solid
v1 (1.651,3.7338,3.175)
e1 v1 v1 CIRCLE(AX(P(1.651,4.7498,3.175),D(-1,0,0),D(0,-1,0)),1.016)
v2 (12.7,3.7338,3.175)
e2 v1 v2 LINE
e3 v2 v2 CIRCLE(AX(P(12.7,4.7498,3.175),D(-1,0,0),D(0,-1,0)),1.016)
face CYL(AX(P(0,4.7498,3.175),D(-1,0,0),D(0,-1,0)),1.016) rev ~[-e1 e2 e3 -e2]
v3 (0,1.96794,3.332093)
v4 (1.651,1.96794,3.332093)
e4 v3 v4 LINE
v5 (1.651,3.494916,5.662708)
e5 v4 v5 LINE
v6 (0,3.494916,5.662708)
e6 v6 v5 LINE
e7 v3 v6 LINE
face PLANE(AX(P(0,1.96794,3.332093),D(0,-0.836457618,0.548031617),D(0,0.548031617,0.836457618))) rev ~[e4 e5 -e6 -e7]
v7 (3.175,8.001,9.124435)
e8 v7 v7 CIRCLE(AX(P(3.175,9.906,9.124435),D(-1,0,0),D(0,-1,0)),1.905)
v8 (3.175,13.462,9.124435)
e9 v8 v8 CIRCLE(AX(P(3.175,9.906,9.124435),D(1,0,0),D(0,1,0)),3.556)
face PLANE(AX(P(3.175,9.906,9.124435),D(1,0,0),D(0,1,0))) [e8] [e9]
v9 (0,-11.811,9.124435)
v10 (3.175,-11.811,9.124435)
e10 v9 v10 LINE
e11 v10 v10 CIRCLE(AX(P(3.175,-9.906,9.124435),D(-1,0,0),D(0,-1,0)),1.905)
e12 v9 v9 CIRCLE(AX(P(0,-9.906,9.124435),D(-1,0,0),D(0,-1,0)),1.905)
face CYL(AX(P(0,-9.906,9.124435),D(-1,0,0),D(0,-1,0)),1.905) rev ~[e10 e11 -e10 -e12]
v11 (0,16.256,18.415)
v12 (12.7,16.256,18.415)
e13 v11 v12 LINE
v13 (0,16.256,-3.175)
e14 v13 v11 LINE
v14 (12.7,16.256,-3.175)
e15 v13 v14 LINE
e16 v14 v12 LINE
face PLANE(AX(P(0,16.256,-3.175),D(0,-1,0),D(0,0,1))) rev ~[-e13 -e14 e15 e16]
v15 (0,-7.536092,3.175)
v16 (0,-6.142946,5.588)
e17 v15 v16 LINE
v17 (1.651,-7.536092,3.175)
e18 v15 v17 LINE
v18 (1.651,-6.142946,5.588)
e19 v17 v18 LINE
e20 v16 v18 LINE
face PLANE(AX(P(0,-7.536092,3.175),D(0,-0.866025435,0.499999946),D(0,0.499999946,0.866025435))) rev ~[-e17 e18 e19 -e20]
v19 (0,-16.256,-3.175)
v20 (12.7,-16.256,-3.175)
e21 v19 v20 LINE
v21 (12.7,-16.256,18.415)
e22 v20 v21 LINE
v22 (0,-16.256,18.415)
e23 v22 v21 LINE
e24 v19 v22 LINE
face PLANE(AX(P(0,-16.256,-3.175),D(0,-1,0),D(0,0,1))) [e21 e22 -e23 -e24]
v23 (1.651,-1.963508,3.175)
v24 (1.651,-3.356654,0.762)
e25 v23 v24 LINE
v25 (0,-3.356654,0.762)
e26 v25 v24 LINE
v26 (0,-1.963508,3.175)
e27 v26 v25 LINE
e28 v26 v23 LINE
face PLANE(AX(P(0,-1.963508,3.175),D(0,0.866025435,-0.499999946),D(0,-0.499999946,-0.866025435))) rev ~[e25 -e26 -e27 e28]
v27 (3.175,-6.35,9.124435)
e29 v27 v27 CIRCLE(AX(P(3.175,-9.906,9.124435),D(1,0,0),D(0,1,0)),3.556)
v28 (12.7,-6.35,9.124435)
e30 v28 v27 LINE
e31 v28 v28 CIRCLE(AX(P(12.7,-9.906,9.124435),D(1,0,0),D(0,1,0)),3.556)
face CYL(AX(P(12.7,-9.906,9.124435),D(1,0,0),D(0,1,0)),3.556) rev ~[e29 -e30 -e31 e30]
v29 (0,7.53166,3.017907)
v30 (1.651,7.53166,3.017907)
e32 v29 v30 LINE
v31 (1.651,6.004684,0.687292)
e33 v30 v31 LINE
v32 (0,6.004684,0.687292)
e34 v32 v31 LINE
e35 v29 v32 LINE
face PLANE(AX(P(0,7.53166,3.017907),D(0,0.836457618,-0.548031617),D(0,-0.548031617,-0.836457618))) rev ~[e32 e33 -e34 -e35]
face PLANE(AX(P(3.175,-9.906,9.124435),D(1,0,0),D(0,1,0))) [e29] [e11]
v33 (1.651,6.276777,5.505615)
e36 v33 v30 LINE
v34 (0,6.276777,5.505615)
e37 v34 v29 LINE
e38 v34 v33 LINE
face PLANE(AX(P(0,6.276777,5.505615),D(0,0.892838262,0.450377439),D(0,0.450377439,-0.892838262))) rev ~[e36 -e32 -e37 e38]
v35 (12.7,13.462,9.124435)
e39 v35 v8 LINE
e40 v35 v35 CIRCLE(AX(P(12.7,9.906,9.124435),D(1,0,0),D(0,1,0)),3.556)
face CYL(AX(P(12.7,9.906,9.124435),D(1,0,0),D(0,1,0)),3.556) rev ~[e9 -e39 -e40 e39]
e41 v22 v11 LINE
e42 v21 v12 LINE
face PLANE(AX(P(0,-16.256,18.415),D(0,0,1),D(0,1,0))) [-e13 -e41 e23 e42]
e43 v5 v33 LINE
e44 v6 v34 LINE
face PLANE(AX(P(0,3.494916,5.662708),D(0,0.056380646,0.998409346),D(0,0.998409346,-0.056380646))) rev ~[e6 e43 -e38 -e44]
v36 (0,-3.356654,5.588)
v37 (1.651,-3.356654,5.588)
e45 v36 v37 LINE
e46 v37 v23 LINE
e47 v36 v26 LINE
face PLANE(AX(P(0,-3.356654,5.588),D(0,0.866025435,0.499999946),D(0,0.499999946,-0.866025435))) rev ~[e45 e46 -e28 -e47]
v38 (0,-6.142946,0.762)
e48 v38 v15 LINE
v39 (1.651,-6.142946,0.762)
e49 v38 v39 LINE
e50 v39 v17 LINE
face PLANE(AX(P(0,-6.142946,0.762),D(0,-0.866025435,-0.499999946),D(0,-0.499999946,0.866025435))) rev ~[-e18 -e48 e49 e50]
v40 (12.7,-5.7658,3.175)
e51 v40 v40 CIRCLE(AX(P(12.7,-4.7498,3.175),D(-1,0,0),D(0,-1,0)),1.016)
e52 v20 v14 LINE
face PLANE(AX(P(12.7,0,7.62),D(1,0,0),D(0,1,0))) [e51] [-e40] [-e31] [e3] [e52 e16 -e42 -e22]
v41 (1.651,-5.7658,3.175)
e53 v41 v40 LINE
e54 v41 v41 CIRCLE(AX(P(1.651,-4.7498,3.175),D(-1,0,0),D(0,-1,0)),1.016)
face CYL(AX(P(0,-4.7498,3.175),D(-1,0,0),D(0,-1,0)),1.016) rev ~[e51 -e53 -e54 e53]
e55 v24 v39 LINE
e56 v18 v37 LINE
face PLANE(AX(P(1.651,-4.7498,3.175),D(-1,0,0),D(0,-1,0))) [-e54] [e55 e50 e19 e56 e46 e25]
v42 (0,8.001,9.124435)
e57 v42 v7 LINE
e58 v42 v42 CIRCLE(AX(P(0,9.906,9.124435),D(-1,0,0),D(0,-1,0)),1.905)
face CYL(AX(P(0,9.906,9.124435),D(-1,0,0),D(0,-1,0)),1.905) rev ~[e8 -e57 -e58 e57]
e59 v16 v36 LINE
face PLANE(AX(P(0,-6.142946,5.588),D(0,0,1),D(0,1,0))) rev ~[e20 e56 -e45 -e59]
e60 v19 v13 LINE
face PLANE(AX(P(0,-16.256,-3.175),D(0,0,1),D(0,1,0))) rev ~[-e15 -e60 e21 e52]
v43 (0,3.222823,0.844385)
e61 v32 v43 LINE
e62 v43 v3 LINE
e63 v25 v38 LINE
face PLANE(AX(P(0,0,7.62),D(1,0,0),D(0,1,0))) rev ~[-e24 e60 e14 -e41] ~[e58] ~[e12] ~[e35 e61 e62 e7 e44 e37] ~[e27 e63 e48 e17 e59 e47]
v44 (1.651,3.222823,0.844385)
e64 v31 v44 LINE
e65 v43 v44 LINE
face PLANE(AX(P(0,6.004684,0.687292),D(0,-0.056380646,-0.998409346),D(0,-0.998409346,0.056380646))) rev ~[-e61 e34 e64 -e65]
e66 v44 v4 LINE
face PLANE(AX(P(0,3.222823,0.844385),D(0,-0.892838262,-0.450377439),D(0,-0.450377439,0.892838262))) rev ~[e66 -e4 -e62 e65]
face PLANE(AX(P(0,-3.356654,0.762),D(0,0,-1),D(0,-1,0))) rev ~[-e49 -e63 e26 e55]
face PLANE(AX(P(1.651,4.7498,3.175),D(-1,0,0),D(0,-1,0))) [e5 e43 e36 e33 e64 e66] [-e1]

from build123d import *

# Parameters (mm, degrees)
F0_W     = 32.512
F0_H     = 21.59
F1_DEPTH = 12.7
F2_R     = 1.016
F2_R_2   = 1.905
F3_DEPTH = 12.701
F5_DEPTH = 1.651
F6_R     = 3.556
F7_DEPTH = 9.525


with BuildPart() as f1:
    # F0 (on Right) → F1 (new body)
    with BuildSketch(Plane.YZ):
        with Locations((0, 7.62)):
            Rectangle(F0_W, F0_H)
    extrude(amount=F1_DEPTH)

    # F2 (on face) → F3 (cut, through all)
    with BuildSketch(Plane(origin=(0, 0, 0), x_dir=(0, -1, 0), z_dir=(-1, 0, 0))):
        with Locations((4.7498, 3.175)):
            Circle(F2_R)
        with Locations((-4.7498, 3.175)):
            Circle(F2_R)
        with Locations((-9.906, 9.124435)):
            Circle(F2_R_2)
        with Locations((9.906, 9.124435)):
            Circle(F2_R_2)
    extrude(amount=-F3_DEPTH, mode=Mode.SUBTRACT)

    # F4 (on face) → F5 (cut)
    with BuildSketch(Plane(origin=(0, 0, 0), x_dir=(0, -1, 0), z_dir=(-1, 0, 0))):
        Polygon((-1.96794, 3.332093), (-3.494916, 5.662708), (-6.276777, 5.505615), (-7.53166, 3.017907), (-6.004684, 0.687292), (-3.222823, 0.844385), align=None)
        Polygon((6.142946, 5.588), (3.356654, 5.588), (1.963508, 3.175), (3.356654, 0.762), (6.142946, 0.762), (7.536092, 3.175), align=None)
    extrude(amount=-F5_DEPTH, mode=Mode.SUBTRACT)

    # F6 (on face) → F7 (cut)
    with BuildSketch(Plane.YZ.offset(12.7)):
        with Locations((9.906, 9.124435)):
            Circle(F6_R)
        with Locations((-9.906, 9.124435)):
            Circle(F6_R)
    extrude(amount=-F7_DEPTH, mode=Mode.SUBTRACT)


solid = f1.part
